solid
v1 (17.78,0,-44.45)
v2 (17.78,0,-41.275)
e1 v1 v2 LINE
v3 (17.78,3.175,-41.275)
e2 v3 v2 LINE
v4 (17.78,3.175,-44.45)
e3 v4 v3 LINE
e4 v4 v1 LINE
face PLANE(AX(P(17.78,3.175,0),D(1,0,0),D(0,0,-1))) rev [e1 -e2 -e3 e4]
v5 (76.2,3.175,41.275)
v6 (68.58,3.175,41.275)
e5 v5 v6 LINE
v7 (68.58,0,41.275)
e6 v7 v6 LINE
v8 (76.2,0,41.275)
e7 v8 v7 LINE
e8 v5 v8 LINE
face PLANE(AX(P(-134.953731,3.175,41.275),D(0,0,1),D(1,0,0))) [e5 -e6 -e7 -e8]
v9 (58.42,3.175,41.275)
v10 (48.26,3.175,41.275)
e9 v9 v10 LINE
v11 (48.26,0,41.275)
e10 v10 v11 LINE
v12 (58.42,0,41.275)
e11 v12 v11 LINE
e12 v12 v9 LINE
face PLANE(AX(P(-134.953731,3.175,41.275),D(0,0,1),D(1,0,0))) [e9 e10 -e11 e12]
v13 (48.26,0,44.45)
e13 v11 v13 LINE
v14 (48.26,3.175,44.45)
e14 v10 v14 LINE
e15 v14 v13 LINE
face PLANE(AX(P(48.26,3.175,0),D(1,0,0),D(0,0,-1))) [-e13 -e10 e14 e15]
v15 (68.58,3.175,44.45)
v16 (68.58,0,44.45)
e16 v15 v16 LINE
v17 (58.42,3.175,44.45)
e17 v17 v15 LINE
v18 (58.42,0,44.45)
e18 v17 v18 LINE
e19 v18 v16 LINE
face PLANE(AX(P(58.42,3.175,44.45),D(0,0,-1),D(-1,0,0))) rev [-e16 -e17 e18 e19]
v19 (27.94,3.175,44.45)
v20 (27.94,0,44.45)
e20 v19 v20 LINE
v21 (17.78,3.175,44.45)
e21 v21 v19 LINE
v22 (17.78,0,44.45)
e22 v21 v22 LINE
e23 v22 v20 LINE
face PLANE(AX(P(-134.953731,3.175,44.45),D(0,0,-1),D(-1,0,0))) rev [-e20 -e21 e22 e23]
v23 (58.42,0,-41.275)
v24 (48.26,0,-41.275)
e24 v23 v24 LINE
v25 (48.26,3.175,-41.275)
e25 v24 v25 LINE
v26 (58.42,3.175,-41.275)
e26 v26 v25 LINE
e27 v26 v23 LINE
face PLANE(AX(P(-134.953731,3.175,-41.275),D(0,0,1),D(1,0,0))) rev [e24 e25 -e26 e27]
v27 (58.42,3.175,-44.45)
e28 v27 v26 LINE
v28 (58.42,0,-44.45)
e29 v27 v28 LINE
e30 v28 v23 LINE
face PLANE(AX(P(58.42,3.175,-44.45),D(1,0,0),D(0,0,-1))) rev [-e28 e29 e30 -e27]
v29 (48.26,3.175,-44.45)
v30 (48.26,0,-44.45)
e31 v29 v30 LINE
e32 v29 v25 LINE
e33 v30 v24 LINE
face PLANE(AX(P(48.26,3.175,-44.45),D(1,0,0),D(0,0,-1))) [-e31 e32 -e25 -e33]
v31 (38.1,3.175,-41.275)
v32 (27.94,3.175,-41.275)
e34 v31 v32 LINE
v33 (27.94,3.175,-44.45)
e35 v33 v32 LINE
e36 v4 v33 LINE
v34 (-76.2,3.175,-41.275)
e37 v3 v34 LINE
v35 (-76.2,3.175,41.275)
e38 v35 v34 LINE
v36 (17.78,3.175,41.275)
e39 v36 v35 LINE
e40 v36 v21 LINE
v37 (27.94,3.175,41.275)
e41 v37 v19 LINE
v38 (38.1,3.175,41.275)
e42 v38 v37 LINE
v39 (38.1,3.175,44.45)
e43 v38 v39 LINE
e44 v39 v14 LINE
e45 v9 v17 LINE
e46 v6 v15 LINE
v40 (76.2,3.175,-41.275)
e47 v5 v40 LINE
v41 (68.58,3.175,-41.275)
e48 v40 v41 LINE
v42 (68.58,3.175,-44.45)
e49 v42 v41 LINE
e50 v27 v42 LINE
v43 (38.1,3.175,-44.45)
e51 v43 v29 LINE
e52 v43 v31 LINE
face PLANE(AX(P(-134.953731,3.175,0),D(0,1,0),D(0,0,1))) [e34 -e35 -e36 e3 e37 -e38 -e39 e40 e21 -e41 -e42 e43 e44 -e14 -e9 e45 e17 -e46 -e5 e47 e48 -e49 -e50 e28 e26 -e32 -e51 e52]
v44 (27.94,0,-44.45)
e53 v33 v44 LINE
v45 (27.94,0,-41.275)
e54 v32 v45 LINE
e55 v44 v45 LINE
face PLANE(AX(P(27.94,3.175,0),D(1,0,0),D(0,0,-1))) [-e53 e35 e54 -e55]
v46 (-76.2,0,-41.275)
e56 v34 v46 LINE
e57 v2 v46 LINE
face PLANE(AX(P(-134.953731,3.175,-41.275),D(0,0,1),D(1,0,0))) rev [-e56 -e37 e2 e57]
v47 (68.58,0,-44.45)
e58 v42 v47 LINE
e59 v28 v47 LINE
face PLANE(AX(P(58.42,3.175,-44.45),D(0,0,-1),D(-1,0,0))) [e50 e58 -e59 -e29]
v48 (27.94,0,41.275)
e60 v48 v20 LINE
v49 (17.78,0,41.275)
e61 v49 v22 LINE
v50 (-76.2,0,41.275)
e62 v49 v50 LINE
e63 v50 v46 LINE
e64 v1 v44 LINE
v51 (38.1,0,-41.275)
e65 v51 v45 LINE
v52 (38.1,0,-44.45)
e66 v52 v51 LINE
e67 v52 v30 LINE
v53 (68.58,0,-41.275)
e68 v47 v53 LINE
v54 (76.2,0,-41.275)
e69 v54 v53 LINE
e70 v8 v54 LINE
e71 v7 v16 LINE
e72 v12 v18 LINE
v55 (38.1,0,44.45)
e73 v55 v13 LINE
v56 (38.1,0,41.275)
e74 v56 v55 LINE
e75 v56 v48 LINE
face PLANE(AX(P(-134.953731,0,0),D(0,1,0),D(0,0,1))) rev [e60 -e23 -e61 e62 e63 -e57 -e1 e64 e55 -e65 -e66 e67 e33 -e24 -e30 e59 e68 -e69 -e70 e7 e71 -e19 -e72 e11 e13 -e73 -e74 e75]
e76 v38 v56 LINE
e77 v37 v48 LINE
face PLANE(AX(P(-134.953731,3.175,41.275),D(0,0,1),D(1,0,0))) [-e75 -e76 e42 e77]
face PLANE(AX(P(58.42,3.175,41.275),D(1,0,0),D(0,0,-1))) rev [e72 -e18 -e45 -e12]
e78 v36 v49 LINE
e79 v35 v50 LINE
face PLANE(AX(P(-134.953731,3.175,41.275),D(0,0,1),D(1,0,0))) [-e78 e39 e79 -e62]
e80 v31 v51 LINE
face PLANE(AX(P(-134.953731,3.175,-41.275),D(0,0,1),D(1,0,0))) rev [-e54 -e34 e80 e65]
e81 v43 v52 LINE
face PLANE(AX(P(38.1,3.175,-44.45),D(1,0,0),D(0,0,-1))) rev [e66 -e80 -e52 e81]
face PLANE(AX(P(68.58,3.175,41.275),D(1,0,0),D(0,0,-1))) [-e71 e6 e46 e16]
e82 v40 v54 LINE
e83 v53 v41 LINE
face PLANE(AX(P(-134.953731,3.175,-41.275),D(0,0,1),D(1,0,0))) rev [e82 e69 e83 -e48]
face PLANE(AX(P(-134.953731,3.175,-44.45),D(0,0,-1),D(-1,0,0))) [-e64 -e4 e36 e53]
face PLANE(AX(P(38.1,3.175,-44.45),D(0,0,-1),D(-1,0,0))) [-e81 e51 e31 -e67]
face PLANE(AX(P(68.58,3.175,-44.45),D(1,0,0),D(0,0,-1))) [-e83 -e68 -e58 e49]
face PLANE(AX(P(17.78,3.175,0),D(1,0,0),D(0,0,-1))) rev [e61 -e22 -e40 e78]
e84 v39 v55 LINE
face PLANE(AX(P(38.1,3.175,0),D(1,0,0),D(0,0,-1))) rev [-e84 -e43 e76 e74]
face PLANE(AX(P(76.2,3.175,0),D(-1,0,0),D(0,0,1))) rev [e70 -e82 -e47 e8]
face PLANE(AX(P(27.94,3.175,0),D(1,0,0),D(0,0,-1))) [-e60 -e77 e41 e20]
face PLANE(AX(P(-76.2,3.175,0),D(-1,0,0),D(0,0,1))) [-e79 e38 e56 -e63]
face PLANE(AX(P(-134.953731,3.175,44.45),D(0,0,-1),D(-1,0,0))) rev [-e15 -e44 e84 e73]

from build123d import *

# Parameters (mm, degrees)
BOSS_EXTRUDE1_DEPTH = 3.175


with BuildPart() as part:
    # Sketch1 → Boss-Extrude1 (new body)
    with BuildSketch(Plane(origin=(0, 0, 0), x_dir=(1, 0, 0), z_dir=(0, 1, 0))):
        Polygon((27.94, -41.275), (38.1, -41.275), (38.1, -44.45), (48.26, -44.45), (48.26, -41.275), (58.42, -41.275), (58.42, -44.45), (68.58, -44.45), (68.58, -41.275), (76.2, -41.275), (76.2, 41.275), (68.58, 41.275), (68.58, 44.45), (58.42, 44.45), (58.42, 41.275), (48.26, 41.275), (48.26, 44.45), (38.1, 44.45), (38.1, 41.275), (27.94, 41.275), (27.94, 44.45), (17.78, 44.45), (17.78, 41.275), (-76.2, 41.275), (-76.2, -41.275), (17.78, -41.275), (17.78, -44.45), (27.94, -44.45), align=None)
    extrude(amount=BOSS_EXTRUDE1_DEPTH)


solid = part.part
